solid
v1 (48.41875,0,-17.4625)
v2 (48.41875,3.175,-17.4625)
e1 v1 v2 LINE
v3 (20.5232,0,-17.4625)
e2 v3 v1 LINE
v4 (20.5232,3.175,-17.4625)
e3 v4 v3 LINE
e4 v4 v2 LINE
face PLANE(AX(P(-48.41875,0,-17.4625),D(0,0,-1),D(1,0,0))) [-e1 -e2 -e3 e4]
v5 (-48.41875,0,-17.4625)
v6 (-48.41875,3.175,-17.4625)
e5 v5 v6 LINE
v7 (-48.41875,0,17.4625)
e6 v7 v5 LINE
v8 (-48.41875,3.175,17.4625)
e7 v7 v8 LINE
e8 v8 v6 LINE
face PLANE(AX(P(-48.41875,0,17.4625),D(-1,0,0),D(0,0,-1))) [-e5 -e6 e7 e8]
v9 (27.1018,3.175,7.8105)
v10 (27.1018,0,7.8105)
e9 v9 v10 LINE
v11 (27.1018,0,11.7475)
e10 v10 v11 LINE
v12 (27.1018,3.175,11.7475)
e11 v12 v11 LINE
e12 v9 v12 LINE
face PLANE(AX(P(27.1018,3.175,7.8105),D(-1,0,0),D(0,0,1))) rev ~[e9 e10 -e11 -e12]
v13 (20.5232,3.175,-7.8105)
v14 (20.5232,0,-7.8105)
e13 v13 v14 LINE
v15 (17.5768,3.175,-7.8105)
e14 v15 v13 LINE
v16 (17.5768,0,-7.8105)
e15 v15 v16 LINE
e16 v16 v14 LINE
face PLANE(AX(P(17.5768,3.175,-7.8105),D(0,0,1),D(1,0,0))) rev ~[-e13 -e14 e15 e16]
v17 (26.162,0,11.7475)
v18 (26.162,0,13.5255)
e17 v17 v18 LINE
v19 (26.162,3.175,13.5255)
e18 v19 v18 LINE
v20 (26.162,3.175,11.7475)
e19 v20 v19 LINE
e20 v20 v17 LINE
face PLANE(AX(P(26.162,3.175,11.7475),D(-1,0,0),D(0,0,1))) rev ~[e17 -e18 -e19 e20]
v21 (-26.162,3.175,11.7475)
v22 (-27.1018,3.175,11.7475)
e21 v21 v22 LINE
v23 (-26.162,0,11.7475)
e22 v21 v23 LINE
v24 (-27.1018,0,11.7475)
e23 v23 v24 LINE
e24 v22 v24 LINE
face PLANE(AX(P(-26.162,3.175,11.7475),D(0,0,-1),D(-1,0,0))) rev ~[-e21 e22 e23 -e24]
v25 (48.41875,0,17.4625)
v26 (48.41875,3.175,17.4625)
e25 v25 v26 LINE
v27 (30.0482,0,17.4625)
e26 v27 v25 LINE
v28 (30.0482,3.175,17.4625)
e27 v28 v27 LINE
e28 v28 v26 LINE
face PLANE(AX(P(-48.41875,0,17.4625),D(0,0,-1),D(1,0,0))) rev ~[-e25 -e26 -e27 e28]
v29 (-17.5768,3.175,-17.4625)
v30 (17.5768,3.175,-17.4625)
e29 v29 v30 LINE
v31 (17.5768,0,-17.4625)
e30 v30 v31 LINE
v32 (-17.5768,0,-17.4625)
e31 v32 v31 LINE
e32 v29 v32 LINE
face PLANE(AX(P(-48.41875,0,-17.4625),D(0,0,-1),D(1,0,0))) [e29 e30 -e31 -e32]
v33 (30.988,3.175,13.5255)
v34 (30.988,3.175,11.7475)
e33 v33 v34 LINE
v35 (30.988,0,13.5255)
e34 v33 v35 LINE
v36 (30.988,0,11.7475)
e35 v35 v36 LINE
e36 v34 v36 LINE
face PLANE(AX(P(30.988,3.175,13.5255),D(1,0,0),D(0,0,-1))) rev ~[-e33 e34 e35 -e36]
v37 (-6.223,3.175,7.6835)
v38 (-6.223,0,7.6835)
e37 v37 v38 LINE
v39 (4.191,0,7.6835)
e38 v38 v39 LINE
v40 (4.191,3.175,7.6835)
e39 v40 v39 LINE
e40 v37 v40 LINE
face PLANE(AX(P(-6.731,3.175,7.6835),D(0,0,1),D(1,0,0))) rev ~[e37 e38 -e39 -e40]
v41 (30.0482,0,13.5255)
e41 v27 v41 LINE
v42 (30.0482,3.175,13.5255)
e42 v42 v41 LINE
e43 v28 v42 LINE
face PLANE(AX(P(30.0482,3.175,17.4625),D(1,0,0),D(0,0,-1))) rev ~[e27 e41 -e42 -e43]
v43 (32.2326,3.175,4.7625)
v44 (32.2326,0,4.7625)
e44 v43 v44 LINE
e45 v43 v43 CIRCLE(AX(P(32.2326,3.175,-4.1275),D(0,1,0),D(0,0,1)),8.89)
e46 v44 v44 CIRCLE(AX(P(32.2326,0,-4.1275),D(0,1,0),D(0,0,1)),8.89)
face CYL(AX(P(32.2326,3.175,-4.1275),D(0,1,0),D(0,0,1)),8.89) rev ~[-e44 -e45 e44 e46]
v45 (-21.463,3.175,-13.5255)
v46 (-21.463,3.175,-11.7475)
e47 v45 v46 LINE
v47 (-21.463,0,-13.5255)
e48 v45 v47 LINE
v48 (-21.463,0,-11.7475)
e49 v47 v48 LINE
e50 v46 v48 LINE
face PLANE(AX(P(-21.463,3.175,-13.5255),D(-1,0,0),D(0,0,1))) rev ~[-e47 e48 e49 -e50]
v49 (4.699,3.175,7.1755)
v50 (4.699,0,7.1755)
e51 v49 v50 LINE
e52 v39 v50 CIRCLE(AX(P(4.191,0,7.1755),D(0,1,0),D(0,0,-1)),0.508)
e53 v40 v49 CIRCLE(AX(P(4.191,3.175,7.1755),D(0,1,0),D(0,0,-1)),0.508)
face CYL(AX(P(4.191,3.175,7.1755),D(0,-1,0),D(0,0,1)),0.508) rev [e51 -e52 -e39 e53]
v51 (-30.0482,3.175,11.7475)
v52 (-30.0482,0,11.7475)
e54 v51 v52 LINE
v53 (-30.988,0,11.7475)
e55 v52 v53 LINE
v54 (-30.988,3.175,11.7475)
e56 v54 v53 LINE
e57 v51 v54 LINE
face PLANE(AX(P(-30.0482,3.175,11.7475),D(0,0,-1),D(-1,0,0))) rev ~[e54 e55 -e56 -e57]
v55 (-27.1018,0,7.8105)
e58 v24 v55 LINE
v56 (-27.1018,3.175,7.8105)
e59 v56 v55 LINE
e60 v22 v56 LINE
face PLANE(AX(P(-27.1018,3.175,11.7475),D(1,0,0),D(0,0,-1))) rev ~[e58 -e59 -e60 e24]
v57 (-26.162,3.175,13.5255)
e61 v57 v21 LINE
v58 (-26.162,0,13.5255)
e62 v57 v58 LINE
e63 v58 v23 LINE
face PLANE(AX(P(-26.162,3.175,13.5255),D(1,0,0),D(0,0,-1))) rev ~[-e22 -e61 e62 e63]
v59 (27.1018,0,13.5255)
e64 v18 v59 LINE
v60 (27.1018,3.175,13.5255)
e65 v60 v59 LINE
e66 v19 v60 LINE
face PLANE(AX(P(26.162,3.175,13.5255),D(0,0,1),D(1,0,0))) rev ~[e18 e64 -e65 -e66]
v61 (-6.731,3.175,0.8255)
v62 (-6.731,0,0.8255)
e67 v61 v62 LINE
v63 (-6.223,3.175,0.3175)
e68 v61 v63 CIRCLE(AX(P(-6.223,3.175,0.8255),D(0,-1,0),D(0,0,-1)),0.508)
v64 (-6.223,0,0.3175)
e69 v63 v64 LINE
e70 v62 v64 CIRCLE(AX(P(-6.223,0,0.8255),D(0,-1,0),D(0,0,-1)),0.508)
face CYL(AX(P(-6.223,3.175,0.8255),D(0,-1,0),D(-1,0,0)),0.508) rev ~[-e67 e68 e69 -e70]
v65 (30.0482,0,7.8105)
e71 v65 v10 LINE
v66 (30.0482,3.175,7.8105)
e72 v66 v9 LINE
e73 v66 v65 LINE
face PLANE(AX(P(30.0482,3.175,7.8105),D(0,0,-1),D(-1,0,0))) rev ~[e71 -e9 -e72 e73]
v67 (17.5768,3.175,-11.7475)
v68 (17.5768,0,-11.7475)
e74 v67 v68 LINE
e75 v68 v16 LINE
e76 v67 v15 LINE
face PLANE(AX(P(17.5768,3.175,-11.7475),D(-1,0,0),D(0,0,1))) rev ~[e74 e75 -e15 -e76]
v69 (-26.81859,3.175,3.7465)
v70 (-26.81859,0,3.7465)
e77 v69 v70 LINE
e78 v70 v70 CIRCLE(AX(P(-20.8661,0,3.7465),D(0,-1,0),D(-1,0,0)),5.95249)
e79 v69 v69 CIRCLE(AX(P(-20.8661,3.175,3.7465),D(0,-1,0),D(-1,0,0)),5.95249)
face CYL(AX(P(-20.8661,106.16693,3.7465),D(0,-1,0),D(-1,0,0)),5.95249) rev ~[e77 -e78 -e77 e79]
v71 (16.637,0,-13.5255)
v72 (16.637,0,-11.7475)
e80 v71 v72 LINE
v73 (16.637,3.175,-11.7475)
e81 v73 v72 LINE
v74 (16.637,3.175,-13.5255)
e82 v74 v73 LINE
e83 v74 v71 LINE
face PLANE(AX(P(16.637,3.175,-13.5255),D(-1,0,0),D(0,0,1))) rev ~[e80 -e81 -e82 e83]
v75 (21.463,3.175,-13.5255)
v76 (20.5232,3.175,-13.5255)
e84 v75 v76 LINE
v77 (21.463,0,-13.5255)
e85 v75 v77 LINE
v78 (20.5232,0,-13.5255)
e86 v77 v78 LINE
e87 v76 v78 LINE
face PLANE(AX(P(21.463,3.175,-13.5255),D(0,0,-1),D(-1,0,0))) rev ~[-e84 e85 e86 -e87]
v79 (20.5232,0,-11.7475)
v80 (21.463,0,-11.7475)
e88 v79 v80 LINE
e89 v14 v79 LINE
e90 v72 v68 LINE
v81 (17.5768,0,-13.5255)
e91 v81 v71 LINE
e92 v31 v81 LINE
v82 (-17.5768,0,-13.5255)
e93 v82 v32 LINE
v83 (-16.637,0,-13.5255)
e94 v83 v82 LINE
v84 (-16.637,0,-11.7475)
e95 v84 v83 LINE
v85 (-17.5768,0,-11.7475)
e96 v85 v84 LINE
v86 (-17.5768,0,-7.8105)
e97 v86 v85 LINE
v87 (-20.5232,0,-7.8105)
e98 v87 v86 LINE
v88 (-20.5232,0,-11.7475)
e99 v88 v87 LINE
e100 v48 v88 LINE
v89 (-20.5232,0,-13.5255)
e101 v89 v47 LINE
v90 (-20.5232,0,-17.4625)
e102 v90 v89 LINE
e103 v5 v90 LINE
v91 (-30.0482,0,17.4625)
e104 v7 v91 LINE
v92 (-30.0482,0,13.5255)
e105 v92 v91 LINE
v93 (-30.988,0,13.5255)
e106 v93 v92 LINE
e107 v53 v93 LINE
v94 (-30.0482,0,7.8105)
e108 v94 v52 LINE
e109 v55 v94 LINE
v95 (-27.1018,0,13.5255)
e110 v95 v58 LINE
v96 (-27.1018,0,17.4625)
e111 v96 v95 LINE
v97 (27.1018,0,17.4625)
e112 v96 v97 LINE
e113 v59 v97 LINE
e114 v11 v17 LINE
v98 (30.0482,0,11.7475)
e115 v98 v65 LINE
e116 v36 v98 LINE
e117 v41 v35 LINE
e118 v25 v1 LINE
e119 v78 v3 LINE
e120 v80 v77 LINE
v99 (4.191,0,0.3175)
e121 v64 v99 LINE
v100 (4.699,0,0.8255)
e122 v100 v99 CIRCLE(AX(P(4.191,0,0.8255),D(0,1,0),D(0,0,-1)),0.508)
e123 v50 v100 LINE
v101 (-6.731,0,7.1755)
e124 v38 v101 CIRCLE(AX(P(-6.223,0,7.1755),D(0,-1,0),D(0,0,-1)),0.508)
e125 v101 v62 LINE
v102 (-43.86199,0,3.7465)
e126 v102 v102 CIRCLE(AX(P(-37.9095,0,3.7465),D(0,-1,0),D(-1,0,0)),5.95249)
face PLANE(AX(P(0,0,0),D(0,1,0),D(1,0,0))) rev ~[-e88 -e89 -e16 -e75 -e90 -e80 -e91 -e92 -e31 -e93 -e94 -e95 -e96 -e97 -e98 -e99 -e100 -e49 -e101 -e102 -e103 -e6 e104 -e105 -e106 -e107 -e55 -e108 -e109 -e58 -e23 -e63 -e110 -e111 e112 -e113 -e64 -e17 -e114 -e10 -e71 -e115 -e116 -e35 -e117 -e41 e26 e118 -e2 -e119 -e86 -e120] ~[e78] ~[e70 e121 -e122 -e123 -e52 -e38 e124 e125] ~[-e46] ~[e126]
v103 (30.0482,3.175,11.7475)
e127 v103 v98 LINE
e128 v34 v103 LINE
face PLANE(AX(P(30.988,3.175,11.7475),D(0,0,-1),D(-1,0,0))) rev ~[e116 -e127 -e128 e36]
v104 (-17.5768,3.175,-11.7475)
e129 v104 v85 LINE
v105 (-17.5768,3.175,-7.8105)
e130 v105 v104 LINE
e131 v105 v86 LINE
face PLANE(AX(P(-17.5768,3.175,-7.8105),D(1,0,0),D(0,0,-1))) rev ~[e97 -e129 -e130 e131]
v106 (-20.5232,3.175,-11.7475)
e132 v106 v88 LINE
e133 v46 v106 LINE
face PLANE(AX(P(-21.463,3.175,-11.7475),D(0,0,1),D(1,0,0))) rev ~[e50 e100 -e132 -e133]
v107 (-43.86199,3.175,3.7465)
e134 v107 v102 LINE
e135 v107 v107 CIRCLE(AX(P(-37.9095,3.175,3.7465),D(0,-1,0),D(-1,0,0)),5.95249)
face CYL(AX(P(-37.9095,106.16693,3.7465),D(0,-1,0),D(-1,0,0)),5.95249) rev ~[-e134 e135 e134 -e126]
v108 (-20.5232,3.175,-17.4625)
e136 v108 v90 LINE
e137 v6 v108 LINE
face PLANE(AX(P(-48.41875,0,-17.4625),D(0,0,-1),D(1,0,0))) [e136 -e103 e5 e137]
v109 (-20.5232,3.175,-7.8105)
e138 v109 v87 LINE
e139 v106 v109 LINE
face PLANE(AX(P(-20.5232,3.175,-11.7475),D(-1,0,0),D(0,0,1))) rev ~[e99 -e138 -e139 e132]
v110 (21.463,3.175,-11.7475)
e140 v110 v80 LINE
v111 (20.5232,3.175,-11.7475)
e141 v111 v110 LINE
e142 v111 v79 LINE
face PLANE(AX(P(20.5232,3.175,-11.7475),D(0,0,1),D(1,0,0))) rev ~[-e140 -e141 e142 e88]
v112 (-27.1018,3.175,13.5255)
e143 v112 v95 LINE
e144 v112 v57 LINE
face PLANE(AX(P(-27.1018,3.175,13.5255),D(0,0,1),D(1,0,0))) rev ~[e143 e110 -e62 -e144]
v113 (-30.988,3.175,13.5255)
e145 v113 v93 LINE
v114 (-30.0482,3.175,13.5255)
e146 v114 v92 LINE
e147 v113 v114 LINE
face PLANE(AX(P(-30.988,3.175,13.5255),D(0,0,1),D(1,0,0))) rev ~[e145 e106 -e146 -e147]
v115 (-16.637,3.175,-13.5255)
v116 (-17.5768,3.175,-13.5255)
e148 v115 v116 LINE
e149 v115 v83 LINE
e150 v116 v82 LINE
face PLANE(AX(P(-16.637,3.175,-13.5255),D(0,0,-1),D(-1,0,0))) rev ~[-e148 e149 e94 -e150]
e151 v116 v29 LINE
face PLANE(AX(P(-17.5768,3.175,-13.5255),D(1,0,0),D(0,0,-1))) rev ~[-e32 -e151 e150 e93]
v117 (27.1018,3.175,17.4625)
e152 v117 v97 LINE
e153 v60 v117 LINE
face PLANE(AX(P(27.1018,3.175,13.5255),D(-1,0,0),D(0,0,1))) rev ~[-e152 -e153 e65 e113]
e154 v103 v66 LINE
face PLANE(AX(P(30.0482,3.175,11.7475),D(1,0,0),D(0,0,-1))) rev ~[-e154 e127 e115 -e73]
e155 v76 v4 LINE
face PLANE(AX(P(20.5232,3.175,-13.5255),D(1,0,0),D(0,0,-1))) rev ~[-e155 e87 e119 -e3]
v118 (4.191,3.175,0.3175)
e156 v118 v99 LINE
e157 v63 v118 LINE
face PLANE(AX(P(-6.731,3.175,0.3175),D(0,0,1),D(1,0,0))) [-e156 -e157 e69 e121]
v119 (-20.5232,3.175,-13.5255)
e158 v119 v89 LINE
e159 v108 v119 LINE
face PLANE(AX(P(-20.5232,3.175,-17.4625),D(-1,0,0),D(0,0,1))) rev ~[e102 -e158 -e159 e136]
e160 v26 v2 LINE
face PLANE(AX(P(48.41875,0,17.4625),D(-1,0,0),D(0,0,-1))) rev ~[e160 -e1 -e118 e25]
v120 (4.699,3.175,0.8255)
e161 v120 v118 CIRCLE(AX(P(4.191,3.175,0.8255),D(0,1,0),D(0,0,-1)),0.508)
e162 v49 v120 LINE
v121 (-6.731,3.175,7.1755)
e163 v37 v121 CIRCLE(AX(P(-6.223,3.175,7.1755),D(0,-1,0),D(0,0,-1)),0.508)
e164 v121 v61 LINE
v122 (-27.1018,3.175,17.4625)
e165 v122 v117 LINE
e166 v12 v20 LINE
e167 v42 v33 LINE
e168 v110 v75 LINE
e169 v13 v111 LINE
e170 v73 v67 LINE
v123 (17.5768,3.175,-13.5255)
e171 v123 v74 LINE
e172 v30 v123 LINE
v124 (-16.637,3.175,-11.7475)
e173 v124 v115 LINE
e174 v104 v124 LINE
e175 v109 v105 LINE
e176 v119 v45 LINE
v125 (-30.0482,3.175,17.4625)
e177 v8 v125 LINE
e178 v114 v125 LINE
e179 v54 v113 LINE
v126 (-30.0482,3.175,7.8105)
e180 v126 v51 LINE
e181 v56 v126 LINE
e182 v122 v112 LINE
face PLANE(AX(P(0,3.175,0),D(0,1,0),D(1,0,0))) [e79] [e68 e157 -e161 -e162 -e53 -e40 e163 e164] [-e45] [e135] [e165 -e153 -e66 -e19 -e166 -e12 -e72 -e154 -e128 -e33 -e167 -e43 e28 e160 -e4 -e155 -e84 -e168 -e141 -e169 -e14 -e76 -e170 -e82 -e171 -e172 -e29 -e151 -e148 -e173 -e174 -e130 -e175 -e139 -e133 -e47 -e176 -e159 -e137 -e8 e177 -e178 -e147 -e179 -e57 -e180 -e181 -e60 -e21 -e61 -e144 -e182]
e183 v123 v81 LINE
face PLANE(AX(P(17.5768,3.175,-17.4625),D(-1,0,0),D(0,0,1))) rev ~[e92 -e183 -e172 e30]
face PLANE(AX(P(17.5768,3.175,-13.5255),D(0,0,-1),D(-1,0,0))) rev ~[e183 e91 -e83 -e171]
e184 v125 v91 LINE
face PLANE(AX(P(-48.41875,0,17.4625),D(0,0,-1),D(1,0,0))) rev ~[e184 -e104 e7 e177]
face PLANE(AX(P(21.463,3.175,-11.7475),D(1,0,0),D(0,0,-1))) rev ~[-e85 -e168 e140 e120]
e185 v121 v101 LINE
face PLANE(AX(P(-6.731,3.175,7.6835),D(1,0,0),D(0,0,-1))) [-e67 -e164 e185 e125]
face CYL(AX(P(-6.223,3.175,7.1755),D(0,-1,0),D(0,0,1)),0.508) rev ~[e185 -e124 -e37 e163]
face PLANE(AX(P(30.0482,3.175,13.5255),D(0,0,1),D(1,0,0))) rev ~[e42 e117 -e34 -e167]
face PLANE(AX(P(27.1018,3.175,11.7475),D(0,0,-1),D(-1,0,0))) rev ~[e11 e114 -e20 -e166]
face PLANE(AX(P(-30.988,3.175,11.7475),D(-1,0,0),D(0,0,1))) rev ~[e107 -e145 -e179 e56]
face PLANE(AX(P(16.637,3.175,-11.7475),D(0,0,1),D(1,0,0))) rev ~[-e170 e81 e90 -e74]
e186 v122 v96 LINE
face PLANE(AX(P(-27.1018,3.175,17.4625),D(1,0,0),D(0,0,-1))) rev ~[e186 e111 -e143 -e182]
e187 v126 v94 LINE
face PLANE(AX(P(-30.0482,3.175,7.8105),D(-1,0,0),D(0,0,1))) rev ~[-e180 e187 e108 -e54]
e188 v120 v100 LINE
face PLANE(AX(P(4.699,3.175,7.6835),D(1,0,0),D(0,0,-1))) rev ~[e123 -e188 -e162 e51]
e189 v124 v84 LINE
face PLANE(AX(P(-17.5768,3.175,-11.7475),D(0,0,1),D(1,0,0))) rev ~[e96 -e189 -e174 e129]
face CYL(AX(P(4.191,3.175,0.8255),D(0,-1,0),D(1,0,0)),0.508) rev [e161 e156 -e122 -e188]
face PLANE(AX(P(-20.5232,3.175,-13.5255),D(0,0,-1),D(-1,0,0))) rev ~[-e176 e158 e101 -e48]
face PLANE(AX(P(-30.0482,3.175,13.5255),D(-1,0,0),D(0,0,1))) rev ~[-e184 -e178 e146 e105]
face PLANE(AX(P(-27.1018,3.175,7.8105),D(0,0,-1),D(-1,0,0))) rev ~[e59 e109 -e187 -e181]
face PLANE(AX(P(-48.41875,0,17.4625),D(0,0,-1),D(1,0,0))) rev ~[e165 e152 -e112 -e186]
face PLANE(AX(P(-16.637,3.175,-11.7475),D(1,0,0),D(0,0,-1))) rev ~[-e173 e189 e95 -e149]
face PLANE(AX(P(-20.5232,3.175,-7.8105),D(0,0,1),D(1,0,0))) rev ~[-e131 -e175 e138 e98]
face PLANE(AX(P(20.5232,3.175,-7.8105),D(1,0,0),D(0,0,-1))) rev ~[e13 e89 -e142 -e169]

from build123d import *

# Parameters (mm, degrees)
SKETCH1_W                = 96.8375
SKETCH1_H                = 34.925
BOSS_EXTRUDE1_DEPTH      = 3.175
F_7_16_CLEARANCE_HOLE1_D = 11.90498
SKETCH6_W                = 11.43
SKETCH6_H                = 7.366
CUT_EXTRUDE1_DEPTH       = 52.56932114
CUT_EXTRUDE3_DEPTH       = 52.56932114
SKETCH9_R                = 8.89
CUT_EXTRUDE4_DEPTH       = 52.56932114
FILLET1_R                = 0.508


with BuildPart() as part:
    # Sketch1 → Boss-Extrude1 (new body)
    with BuildSketch(Plane(origin=(0, 0, 0), x_dir=(1, 0, 0), z_dir=(0, 1, 0))):
        Rectangle(SKETCH1_W, SKETCH1_H)
    extrude(amount=BOSS_EXTRUDE1_DEPTH)

    # 7/16 Clearance Hole1 (through all)
    with Locations(Plane(origin=(0, 3.175, 0), x_dir=(1, 0, 0), z_dir=(0, 1, 0))):
        with Locations((-37.9095, -3.7465), (-20.8661, -3.7465)):
            Hole(F_7_16_CLEARANCE_HOLE1_D / 2)

    # Sketch6 → Cut-Extrude1 (cut, through all)
    with BuildSketch(Plane(origin=(0, 3.175, 0), x_dir=(1, 0, 0), z_dir=(0, 1, 0))):
        with Locations((-1.016, -4.0005)):
            Rectangle(SKETCH6_W, SKETCH6_H)
    extrude(amount=-CUT_EXTRUDE1_DEPTH, mode=Mode.SUBTRACT)

    # Sketch8 → Cut-Extrude3 (cut, through all)
    with BuildSketch(Plane(origin=(0, 3.175, 0), x_dir=(1, 0, 0), z_dir=(0, 1, 0))):
        Polygon((27.1018, -17.4625), (30.0482, -17.4625), (30.0482, -13.5255), (30.988, -13.5255), (30.988, -11.7475), (30.0482, -11.7475), (30.0482, -7.8105), (27.1018, -7.8105), (27.1018, -11.7475), (26.162, -11.7475), (26.162, -13.5255), (27.1018, -13.5255), align=None)
        Polygon((-30.0482, -17.4625), (-27.1018, -17.4625), (-27.1018, -13.5255), (-26.162, -13.5255), (-26.162, -11.7475), (-27.1018, -11.7475), (-27.1018, -7.8105), (-30.0482, -7.8105), (-30.0482, -11.7475), (-30.988, -11.7475), (-30.988, -13.5255), (-30.0482, -13.5255), align=None)
        Polygon((17.5768, 11.7475), (17.5768, 7.8105), (20.5232, 7.8105), (20.5232, 11.7475), (21.463, 11.7475), (21.463, 13.5255), (20.5232, 13.5255), (20.5232, 17.4625), (17.5768, 17.4625), (17.5768, 13.5255), (16.637, 13.5255), (16.637, 11.7475), align=None)
        Polygon((-20.5232, 11.7475), (-20.5232, 7.8105), (-17.5768, 7.8105), (-17.5768, 11.7475), (-16.637, 11.7475), (-16.637, 13.5255), (-17.5768, 13.5255), (-17.5768, 17.4625), (-20.5232, 17.4625), (-20.5232, 13.5255), (-21.463, 13.5255), (-21.463, 11.7475), align=None)
    extrude(amount=-CUT_EXTRUDE3_DEPTH, mode=Mode.SUBTRACT)

    # Sketch9 → Cut-Extrude4 (cut, through all)
    with BuildSketch(Plane(origin=(0, 3.175, 0), x_dir=(1, 0, 0), z_dir=(0, 1, 0))):
        with Locations(Location((32.2326, 4.1275, 0), (0, 0, 270))):
            Circle(SKETCH9_R)
    extrude(amount=-CUT_EXTRUDE4_DEPTH, mode=Mode.SUBTRACT)

    # Fillet1
    fillet1_edges = [part.edges().sort_by_distance(p)[0] for p in [
        (4.699, 1.5875, 0.3175),
        (4.699, 1.5875, 7.6835),
        (-6.731, 1.5875, 7.6835),
        (-6.731, 1.5875, 0.3175),
    ]]
    fillet(fillet1_edges, radius=FILLET1_R)


solid = part.part
